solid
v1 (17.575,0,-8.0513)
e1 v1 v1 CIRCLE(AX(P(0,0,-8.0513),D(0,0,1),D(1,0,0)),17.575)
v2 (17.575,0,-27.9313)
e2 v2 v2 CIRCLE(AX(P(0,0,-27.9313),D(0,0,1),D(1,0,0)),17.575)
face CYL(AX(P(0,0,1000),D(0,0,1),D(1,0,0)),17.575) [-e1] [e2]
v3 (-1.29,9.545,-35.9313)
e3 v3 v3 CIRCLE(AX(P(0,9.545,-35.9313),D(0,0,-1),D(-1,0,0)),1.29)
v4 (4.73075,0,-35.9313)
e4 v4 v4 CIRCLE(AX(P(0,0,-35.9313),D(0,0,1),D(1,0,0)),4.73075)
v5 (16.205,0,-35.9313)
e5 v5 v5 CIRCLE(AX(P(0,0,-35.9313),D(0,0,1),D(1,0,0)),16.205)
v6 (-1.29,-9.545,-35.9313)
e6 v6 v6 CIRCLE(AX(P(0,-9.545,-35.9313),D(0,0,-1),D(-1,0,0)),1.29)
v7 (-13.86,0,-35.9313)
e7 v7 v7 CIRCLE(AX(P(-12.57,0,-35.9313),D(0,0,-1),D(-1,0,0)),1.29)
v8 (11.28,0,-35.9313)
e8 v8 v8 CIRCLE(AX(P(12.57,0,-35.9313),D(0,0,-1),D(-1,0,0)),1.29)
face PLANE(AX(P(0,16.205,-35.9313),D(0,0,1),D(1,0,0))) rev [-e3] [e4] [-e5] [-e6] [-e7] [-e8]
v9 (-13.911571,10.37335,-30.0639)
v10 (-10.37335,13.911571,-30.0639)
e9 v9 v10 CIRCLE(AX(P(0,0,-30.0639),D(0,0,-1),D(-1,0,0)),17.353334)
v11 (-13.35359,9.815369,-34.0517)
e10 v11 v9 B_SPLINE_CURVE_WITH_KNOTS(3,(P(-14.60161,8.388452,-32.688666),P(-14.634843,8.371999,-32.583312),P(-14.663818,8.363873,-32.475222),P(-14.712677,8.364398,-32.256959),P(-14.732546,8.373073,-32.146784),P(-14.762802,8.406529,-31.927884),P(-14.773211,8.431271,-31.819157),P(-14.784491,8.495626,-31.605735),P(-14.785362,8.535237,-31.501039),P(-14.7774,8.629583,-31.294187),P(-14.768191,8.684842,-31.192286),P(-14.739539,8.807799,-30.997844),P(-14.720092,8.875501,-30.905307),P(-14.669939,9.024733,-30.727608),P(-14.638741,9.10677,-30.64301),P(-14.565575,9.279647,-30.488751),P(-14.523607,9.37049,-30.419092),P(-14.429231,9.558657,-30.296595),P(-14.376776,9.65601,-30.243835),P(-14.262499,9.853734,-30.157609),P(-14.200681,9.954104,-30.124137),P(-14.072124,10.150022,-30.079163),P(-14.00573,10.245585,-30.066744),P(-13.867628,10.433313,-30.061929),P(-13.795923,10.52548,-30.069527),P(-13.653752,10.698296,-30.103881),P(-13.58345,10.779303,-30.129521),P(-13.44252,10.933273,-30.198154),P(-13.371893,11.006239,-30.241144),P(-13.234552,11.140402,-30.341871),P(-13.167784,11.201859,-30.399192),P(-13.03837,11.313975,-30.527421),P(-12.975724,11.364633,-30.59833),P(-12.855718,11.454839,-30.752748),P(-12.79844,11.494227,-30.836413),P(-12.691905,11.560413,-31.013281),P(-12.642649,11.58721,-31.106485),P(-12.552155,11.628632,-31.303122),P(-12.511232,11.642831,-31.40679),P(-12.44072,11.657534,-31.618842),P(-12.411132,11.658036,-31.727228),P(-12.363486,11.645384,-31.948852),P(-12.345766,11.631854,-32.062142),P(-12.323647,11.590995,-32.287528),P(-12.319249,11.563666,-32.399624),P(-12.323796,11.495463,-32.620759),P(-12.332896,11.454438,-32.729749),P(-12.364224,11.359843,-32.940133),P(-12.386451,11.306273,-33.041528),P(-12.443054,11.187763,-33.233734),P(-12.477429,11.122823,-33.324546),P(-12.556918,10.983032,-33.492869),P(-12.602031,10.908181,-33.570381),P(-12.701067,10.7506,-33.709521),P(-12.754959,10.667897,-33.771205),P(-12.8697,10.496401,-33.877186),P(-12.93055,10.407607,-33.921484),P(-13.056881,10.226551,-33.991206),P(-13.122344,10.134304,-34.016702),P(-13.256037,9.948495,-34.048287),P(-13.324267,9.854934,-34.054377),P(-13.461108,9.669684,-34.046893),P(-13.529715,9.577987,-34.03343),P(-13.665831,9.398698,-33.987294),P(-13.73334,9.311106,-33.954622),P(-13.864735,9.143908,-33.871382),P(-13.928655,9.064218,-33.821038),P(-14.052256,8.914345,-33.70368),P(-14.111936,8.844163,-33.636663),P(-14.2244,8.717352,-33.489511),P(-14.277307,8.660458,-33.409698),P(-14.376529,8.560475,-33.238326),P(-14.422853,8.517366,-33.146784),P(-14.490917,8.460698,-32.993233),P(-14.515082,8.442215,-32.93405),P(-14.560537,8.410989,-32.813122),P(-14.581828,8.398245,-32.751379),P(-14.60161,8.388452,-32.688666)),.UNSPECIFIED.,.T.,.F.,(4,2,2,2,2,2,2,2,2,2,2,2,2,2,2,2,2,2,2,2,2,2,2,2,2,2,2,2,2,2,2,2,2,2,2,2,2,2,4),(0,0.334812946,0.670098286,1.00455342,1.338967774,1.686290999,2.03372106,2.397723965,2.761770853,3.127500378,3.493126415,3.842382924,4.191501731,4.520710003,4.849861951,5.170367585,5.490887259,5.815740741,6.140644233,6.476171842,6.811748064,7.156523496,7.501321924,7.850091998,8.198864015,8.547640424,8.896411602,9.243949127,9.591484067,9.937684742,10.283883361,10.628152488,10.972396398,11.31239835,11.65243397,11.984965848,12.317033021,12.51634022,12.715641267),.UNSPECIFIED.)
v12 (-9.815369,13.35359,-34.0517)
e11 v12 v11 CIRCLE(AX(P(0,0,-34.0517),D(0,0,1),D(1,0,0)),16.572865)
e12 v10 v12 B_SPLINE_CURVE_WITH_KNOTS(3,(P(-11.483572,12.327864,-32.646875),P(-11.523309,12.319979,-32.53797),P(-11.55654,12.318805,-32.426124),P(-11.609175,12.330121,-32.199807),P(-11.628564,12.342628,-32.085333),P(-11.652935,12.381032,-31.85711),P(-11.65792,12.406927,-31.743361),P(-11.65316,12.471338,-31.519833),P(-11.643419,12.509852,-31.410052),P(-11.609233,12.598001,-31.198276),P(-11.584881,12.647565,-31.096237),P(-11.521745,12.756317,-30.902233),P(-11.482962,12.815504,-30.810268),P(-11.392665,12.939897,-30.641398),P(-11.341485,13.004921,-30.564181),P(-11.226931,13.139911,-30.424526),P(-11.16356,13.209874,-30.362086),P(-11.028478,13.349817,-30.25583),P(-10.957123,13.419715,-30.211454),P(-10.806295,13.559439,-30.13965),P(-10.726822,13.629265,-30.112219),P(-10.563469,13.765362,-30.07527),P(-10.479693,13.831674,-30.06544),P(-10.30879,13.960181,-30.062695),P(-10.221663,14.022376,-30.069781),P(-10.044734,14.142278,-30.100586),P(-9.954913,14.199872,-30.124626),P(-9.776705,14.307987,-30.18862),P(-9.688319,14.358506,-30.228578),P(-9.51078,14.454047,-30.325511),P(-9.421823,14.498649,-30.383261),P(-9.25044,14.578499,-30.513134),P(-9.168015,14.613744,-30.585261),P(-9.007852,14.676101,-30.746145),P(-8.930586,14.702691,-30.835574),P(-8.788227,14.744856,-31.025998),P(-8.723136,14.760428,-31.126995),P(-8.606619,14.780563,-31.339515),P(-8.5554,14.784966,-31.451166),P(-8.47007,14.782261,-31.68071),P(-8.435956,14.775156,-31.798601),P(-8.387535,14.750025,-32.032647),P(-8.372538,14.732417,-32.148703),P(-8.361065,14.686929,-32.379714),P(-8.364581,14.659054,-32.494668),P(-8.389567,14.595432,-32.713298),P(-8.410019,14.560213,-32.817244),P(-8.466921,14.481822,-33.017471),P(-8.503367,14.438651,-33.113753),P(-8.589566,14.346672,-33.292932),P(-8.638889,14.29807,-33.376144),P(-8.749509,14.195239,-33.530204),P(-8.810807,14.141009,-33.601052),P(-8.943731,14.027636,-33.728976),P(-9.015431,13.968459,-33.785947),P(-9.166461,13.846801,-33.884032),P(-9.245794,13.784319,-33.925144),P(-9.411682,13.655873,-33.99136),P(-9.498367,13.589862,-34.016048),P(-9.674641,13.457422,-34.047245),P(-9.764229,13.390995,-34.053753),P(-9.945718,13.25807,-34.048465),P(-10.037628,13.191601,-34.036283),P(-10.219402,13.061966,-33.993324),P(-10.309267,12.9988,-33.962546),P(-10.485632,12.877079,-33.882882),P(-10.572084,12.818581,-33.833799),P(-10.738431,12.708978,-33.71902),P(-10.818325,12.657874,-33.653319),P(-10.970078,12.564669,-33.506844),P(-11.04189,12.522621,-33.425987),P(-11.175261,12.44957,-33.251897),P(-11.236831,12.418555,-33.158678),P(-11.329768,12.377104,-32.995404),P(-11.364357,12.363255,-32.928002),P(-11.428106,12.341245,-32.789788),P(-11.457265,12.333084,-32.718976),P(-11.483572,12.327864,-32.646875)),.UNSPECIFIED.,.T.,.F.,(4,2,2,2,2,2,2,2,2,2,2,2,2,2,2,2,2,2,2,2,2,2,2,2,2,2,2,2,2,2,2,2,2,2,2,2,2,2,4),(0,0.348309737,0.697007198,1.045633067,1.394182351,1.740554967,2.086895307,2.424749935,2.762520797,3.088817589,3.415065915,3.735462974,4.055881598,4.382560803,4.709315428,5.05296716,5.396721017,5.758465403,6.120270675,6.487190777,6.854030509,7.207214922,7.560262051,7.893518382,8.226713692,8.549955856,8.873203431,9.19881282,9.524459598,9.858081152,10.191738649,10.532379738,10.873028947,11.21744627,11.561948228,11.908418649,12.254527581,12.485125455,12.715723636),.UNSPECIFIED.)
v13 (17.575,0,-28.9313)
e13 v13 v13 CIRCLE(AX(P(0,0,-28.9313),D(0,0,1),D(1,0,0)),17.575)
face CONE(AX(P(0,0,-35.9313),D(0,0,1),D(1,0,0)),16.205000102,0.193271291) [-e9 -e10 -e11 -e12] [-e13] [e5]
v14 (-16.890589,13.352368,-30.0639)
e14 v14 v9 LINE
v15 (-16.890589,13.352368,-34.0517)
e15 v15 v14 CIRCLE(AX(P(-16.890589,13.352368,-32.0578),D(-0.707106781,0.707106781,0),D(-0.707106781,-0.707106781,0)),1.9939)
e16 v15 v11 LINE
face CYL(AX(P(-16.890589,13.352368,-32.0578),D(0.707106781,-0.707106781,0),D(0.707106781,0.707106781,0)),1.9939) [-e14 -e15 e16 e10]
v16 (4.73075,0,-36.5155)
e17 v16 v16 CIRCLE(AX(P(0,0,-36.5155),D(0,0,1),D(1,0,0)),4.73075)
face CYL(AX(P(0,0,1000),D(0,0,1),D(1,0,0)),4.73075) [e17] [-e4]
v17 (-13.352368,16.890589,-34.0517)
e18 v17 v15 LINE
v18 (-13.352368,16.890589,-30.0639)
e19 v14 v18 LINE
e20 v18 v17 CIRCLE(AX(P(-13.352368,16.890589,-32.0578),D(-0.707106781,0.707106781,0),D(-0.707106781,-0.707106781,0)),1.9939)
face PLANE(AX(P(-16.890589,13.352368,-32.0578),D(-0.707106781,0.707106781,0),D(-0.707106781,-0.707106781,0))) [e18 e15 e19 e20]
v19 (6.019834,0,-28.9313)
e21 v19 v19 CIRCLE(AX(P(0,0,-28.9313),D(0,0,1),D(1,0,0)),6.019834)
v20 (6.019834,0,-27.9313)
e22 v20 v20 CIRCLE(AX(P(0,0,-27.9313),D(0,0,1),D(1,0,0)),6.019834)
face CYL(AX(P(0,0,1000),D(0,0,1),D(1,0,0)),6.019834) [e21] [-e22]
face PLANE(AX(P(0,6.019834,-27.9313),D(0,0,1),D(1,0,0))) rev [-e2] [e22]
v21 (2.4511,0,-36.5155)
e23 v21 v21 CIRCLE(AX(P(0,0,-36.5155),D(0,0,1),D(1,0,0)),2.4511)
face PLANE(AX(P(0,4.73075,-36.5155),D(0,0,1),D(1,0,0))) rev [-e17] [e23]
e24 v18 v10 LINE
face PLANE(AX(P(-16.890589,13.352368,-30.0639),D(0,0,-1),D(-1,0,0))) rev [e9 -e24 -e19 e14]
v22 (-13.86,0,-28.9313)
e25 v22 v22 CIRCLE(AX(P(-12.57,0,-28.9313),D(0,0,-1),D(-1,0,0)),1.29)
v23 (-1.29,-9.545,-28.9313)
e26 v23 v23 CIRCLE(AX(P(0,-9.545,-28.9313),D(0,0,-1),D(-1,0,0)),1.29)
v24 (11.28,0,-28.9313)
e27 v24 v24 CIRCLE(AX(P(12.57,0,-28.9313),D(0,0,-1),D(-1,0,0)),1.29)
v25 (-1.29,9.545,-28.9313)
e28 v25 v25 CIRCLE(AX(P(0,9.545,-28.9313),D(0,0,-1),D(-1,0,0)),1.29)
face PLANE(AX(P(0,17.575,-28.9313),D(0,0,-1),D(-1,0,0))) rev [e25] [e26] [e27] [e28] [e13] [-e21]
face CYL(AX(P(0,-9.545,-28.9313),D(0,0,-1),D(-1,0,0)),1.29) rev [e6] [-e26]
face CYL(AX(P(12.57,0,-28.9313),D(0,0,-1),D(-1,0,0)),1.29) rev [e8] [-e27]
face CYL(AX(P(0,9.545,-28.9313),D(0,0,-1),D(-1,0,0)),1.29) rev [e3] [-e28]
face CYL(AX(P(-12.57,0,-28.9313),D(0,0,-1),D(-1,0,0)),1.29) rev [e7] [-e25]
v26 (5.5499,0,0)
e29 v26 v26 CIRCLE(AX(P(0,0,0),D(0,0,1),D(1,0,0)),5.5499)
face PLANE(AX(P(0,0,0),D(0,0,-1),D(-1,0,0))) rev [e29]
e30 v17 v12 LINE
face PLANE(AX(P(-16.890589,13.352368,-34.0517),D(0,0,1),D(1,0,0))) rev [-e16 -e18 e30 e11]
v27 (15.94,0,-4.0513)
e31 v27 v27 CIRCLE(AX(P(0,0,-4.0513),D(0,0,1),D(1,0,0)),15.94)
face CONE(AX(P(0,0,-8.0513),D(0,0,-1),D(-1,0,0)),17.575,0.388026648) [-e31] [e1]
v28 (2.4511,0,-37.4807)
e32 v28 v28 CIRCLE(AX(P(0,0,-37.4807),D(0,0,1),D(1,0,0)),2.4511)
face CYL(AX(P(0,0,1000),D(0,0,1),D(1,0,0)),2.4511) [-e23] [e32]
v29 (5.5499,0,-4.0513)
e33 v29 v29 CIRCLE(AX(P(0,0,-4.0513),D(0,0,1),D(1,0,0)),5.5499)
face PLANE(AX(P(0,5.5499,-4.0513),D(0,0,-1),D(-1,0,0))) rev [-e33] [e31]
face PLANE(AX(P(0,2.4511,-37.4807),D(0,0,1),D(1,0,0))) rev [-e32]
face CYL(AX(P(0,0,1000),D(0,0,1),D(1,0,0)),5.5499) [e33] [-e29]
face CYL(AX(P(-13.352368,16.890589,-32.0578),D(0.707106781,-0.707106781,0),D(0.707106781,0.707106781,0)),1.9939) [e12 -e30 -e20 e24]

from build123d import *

# Parameters (mm, degrees)
SKETCH2_R           = 1.29
CUT_EXTRUDE1_DEPTH  = 7
BOSS_EXTRUDE1_DEPTH = 3.81


with BuildPart() as part:
    # Sketch1 → Revolve1 (revolve)
    with BuildSketch(Plane(origin=(0, 0, 0), x_dir=(0, 0, -1), z_dir=(1, 0, 0))):
        Polygon((0, 0), (0, 5.5499), (4.0513, 5.5499), (4.0513, 15.94), (8.0513, 17.575), (27.9313, 17.575), (27.9313, 6.019833944), (28.9313, 6.019833944), (28.9313, 17.575), (35.9313, 16.205000102), (35.9313, 4.73075), (36.5155, 4.73075), (36.5155, 2.4511), (37.4807, 2.4511), (37.4807, 0), align=None)
    revolve(axis=Axis((0, 0, 1000), (0, 0, -1)))

    # Sketch2 → Cut-Extrude1 (cut)
    with BuildSketch(Plane(origin=(0, 0, -35.9313), x_dir=(-1, 0, 0), z_dir=(0, 0, -1))):
        with Locations((-12.57, 0)):
            Circle(SKETCH2_R)
        with Locations((0, 9.545)):
            Circle(SKETCH2_R)
        with Locations((12.57, 0)):
            Circle(SKETCH2_R)
        with Locations((0, -9.545)):
            Circle(SKETCH2_R)
    extrude(amount=-CUT_EXTRUDE1_DEPTH, mode=Mode.SUBTRACT)

    # Sketch3 → Boss-Extrude1 (add, symmetric)
    with BuildSketch(Plane(origin=(-12.427401679, 12.427401679, 0), x_dir=(0, 0, -1), z_dir=(-0.707106781, 0.707106781, 0))):
        with BuildLine():
            Line((34.0517, 2.5019), (34.0517, -2.5019))
            ThreePointArc((34.0517, -2.5019), (32.0578, -4.4958), (30.0639, -2.5019))
            Line((30.0639, -2.5019), (30.0639, 2.5019))
            ThreePointArc((30.0639, 2.5019), (32.0578, 4.4958), (34.0517, 2.5019))
        make_face()
    extrude(amount=BOSS_EXTRUDE1_DEPTH, both=True)


solid = part.part
